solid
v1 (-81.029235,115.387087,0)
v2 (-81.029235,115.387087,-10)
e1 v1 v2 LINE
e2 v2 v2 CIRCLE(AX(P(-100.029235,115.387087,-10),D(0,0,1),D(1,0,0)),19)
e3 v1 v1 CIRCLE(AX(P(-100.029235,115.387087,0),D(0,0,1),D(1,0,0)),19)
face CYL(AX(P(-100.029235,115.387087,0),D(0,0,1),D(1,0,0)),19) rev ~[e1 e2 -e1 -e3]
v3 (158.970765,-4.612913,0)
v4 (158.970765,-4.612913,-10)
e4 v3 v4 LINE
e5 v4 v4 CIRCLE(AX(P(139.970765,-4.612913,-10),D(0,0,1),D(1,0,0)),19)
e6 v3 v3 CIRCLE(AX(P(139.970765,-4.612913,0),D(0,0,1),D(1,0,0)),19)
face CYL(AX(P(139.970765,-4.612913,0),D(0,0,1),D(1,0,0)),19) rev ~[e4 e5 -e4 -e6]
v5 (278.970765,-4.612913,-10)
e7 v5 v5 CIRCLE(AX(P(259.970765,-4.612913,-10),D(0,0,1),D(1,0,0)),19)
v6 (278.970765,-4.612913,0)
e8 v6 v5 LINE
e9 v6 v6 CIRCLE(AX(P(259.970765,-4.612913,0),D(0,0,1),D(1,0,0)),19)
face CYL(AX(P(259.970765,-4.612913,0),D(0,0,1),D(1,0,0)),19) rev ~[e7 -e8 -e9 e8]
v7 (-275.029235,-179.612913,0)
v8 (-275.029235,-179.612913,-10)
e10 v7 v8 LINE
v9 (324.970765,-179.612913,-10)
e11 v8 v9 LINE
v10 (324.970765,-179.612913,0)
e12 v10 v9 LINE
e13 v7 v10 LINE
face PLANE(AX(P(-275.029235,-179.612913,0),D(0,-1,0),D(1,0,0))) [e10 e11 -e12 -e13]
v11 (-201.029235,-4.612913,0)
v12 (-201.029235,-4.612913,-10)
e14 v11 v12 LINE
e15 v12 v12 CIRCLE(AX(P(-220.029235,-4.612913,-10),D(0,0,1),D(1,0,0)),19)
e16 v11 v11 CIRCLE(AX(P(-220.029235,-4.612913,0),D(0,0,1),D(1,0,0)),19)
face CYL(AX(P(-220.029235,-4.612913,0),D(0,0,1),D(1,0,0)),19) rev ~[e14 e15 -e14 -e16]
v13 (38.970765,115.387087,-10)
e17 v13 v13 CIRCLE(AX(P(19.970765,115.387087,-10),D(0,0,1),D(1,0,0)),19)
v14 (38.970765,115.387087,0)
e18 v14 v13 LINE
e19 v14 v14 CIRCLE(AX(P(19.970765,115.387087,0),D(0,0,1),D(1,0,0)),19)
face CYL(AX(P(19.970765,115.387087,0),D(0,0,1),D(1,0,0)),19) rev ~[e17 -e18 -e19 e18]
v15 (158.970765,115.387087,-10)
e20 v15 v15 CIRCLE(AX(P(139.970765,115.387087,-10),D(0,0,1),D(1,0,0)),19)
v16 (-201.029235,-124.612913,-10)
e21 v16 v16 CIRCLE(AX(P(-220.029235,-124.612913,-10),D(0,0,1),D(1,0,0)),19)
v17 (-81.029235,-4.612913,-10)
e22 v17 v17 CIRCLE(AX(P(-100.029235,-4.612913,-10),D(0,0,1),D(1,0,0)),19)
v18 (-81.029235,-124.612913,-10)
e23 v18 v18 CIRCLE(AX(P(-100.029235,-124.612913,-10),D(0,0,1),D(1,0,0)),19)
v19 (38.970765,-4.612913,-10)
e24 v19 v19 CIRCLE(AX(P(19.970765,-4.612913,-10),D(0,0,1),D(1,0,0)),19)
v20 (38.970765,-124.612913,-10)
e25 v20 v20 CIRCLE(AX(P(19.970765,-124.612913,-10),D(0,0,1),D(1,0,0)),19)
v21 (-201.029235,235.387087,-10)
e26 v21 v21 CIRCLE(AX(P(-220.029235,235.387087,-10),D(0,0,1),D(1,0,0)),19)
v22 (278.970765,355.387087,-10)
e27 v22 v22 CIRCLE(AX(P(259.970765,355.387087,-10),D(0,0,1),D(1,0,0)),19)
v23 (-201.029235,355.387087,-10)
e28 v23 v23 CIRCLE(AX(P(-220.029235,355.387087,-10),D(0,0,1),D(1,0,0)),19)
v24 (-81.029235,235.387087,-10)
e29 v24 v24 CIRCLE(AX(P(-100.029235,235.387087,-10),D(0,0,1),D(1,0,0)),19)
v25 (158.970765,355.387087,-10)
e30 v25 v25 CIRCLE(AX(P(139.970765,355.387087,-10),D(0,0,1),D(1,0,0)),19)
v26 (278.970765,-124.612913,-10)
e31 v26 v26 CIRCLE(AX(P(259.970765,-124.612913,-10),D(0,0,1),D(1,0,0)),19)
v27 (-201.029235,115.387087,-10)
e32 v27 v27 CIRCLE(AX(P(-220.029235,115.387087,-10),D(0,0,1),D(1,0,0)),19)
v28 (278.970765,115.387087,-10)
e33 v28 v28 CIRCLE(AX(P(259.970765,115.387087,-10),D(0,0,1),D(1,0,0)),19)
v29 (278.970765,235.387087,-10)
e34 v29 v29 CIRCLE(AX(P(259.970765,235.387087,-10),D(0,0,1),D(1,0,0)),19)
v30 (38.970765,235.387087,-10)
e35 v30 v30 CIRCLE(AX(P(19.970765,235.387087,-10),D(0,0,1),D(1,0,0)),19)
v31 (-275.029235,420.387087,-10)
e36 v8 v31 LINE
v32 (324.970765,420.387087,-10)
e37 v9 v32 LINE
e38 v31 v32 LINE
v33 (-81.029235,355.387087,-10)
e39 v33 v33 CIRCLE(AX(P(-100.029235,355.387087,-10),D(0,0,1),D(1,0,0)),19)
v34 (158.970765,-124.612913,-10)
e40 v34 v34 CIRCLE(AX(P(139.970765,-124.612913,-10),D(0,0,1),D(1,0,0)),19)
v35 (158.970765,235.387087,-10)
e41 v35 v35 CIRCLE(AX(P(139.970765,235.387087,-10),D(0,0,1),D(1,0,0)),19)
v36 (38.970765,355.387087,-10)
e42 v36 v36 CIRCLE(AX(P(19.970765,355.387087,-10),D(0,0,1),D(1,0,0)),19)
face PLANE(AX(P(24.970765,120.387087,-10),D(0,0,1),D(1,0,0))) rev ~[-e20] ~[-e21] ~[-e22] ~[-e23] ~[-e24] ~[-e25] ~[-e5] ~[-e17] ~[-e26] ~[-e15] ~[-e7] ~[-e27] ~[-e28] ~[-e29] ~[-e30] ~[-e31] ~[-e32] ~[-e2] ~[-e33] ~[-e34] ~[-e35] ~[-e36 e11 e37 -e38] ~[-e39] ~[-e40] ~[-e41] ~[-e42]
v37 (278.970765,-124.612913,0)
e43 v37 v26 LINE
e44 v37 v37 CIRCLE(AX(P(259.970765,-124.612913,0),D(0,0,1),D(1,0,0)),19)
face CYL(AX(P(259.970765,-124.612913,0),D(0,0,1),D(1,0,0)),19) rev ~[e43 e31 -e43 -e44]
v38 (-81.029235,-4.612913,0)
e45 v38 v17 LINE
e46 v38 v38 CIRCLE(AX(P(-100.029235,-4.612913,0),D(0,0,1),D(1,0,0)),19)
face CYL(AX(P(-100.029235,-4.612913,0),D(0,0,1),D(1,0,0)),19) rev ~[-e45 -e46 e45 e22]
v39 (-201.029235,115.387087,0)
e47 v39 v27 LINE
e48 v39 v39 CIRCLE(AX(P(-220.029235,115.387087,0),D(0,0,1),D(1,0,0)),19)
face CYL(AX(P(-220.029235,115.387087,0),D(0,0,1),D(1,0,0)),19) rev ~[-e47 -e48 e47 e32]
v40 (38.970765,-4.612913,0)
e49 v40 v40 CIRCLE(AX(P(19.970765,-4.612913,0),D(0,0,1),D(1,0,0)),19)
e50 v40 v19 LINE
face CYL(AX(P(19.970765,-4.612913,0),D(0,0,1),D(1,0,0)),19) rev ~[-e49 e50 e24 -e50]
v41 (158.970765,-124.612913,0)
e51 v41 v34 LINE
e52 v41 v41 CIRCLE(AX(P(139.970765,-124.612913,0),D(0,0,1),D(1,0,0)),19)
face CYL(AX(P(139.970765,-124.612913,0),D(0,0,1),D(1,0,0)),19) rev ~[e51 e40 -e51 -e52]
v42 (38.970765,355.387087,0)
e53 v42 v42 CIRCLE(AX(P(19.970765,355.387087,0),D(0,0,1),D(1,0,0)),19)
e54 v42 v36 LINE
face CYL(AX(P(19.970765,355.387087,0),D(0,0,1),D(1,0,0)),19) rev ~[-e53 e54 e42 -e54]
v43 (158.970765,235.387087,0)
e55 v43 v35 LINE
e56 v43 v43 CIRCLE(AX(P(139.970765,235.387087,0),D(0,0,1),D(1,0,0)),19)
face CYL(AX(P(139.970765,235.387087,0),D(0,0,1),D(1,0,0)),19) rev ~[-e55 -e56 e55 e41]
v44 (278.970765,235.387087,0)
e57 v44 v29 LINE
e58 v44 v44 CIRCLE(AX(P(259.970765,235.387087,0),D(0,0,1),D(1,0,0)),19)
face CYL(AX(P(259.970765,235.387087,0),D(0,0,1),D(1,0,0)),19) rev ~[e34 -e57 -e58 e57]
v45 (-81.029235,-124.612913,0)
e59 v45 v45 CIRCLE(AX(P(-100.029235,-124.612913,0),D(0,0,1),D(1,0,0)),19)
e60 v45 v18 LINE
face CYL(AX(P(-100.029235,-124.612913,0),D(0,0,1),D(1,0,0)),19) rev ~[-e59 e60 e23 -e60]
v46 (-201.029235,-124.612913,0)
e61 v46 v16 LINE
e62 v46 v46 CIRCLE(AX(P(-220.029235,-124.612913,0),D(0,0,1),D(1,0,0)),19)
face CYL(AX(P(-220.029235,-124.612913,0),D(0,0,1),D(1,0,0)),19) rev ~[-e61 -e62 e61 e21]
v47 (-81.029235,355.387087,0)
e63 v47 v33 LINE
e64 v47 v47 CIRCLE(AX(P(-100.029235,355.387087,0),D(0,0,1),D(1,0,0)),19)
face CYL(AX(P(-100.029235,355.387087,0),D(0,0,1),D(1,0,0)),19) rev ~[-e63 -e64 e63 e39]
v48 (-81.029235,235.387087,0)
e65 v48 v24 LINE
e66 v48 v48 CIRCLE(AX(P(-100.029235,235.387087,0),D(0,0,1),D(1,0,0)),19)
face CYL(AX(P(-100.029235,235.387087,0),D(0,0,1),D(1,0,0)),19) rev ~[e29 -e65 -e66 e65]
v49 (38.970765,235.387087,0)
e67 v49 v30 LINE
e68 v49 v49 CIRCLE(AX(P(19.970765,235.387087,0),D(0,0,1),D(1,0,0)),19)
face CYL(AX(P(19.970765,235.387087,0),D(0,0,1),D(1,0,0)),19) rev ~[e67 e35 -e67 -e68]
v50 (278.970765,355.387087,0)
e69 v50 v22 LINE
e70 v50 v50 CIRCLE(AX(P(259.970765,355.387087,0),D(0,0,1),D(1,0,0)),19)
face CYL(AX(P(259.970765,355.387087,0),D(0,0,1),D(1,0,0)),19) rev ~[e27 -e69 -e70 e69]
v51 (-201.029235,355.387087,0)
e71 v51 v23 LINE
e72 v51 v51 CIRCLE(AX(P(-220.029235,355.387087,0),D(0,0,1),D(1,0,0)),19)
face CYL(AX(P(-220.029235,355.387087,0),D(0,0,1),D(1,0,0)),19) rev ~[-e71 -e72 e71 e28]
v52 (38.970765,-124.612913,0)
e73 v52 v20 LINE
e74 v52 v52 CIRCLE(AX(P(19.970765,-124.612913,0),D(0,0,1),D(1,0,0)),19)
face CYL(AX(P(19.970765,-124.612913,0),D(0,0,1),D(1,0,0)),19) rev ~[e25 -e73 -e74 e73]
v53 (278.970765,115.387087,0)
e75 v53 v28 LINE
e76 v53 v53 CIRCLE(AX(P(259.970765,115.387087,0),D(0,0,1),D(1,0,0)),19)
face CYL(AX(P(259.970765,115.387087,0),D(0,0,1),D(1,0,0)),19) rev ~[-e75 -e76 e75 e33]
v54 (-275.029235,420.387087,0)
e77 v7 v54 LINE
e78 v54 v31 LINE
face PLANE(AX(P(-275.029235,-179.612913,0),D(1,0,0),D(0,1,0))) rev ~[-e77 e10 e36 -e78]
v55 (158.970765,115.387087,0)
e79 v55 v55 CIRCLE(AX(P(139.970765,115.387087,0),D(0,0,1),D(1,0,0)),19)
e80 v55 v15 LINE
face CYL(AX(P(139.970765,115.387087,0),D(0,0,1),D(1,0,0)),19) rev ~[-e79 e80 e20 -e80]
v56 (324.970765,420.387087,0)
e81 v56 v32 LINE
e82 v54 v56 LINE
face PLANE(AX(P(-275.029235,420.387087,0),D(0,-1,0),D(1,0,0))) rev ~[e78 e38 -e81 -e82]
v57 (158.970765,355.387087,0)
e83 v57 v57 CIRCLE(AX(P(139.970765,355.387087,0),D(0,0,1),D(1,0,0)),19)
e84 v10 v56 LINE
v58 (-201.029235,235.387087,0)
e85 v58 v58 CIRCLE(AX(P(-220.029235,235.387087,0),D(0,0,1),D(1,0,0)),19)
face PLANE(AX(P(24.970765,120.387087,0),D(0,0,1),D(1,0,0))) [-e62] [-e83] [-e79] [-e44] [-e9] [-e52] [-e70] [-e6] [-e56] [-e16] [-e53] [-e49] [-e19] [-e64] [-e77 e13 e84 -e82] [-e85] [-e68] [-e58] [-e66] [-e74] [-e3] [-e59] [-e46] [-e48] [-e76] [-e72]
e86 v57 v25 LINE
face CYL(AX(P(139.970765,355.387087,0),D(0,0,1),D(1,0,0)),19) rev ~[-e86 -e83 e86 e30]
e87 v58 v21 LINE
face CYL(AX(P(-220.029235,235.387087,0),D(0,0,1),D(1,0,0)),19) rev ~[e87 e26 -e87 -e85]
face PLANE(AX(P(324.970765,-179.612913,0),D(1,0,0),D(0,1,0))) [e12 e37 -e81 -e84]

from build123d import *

# Parameters (mm, degrees)
F0_W     = 600
F0_H     = 600
F0_R     = 19
F1_DEPTH = 10


with BuildPart() as f1:
    # F0 (on Top) → F1 (new body)
    with BuildSketch(Plane.XY):
        with Locations((24.970765, 120.387087)):
            Rectangle(F0_W, F0_H)
        with Locations((-220.029235, -124.612913)):
            Circle(F0_R, mode=Mode.SUBTRACT)
        with Locations((-100.029235, -124.612913)):
            Circle(F0_R, mode=Mode.SUBTRACT)
        with Locations((19.970765, -124.612913)):
            Circle(F0_R, mode=Mode.SUBTRACT)
        with Locations((-220.029235, -4.612913)):
            Circle(F0_R, mode=Mode.SUBTRACT)
        with Locations((-220.029235, 115.387087)):
            Circle(F0_R, mode=Mode.SUBTRACT)
        with Locations((-100.029235, -4.612913)):
            Circle(F0_R, mode=Mode.SUBTRACT)
        with Locations((19.970765, -4.612913)):
            Circle(F0_R, mode=Mode.SUBTRACT)
        with Locations((-100.029235, 115.387087)):
            Circle(F0_R, mode=Mode.SUBTRACT)
        with Locations((19.970765, 115.387087)):
            Circle(F0_R, mode=Mode.SUBTRACT)
        with Locations((139.970765, -124.612913)):
            Circle(F0_R, mode=Mode.SUBTRACT)
        with Locations((259.970765, -124.612913)):
            Circle(F0_R, mode=Mode.SUBTRACT)
        with Locations((139.970765, -4.612913)):
            Circle(F0_R, mode=Mode.SUBTRACT)
        with Locations((139.970765, 115.387087)):
            Circle(F0_R, mode=Mode.SUBTRACT)
        with Locations((259.970765, -4.612913)):
            Circle(F0_R, mode=Mode.SUBTRACT)
        with Locations((259.970765, 115.387087)):
            Circle(F0_R, mode=Mode.SUBTRACT)
        with Locations((-220.029235, 235.387087)):
            Circle(F0_R, mode=Mode.SUBTRACT)
        with Locations((-100.029235, 235.387087)):
            Circle(F0_R, mode=Mode.SUBTRACT)
        with Locations((19.970765, 235.387087)):
            Circle(F0_R, mode=Mode.SUBTRACT)
        with Locations((-220.029235, 355.387087)):
            Circle(F0_R, mode=Mode.SUBTRACT)
        with Locations((-100.029235, 355.387087)):
            Circle(F0_R, mode=Mode.SUBTRACT)
        with Locations((19.970765, 355.387087)):
            Circle(F0_R, mode=Mode.SUBTRACT)
        with Locations((139.970765, 235.387087)):
            Circle(F0_R, mode=Mode.SUBTRACT)
        with Locations((259.970765, 235.387087)):
            Circle(F0_R, mode=Mode.SUBTRACT)
        with Locations((139.970765, 355.387087)):
            Circle(F0_R, mode=Mode.SUBTRACT)
        with Locations((259.970765, 355.387087)):
            Circle(F0_R, mode=Mode.SUBTRACT)
    extrude(amount=-F1_DEPTH)


solid = f1.part
